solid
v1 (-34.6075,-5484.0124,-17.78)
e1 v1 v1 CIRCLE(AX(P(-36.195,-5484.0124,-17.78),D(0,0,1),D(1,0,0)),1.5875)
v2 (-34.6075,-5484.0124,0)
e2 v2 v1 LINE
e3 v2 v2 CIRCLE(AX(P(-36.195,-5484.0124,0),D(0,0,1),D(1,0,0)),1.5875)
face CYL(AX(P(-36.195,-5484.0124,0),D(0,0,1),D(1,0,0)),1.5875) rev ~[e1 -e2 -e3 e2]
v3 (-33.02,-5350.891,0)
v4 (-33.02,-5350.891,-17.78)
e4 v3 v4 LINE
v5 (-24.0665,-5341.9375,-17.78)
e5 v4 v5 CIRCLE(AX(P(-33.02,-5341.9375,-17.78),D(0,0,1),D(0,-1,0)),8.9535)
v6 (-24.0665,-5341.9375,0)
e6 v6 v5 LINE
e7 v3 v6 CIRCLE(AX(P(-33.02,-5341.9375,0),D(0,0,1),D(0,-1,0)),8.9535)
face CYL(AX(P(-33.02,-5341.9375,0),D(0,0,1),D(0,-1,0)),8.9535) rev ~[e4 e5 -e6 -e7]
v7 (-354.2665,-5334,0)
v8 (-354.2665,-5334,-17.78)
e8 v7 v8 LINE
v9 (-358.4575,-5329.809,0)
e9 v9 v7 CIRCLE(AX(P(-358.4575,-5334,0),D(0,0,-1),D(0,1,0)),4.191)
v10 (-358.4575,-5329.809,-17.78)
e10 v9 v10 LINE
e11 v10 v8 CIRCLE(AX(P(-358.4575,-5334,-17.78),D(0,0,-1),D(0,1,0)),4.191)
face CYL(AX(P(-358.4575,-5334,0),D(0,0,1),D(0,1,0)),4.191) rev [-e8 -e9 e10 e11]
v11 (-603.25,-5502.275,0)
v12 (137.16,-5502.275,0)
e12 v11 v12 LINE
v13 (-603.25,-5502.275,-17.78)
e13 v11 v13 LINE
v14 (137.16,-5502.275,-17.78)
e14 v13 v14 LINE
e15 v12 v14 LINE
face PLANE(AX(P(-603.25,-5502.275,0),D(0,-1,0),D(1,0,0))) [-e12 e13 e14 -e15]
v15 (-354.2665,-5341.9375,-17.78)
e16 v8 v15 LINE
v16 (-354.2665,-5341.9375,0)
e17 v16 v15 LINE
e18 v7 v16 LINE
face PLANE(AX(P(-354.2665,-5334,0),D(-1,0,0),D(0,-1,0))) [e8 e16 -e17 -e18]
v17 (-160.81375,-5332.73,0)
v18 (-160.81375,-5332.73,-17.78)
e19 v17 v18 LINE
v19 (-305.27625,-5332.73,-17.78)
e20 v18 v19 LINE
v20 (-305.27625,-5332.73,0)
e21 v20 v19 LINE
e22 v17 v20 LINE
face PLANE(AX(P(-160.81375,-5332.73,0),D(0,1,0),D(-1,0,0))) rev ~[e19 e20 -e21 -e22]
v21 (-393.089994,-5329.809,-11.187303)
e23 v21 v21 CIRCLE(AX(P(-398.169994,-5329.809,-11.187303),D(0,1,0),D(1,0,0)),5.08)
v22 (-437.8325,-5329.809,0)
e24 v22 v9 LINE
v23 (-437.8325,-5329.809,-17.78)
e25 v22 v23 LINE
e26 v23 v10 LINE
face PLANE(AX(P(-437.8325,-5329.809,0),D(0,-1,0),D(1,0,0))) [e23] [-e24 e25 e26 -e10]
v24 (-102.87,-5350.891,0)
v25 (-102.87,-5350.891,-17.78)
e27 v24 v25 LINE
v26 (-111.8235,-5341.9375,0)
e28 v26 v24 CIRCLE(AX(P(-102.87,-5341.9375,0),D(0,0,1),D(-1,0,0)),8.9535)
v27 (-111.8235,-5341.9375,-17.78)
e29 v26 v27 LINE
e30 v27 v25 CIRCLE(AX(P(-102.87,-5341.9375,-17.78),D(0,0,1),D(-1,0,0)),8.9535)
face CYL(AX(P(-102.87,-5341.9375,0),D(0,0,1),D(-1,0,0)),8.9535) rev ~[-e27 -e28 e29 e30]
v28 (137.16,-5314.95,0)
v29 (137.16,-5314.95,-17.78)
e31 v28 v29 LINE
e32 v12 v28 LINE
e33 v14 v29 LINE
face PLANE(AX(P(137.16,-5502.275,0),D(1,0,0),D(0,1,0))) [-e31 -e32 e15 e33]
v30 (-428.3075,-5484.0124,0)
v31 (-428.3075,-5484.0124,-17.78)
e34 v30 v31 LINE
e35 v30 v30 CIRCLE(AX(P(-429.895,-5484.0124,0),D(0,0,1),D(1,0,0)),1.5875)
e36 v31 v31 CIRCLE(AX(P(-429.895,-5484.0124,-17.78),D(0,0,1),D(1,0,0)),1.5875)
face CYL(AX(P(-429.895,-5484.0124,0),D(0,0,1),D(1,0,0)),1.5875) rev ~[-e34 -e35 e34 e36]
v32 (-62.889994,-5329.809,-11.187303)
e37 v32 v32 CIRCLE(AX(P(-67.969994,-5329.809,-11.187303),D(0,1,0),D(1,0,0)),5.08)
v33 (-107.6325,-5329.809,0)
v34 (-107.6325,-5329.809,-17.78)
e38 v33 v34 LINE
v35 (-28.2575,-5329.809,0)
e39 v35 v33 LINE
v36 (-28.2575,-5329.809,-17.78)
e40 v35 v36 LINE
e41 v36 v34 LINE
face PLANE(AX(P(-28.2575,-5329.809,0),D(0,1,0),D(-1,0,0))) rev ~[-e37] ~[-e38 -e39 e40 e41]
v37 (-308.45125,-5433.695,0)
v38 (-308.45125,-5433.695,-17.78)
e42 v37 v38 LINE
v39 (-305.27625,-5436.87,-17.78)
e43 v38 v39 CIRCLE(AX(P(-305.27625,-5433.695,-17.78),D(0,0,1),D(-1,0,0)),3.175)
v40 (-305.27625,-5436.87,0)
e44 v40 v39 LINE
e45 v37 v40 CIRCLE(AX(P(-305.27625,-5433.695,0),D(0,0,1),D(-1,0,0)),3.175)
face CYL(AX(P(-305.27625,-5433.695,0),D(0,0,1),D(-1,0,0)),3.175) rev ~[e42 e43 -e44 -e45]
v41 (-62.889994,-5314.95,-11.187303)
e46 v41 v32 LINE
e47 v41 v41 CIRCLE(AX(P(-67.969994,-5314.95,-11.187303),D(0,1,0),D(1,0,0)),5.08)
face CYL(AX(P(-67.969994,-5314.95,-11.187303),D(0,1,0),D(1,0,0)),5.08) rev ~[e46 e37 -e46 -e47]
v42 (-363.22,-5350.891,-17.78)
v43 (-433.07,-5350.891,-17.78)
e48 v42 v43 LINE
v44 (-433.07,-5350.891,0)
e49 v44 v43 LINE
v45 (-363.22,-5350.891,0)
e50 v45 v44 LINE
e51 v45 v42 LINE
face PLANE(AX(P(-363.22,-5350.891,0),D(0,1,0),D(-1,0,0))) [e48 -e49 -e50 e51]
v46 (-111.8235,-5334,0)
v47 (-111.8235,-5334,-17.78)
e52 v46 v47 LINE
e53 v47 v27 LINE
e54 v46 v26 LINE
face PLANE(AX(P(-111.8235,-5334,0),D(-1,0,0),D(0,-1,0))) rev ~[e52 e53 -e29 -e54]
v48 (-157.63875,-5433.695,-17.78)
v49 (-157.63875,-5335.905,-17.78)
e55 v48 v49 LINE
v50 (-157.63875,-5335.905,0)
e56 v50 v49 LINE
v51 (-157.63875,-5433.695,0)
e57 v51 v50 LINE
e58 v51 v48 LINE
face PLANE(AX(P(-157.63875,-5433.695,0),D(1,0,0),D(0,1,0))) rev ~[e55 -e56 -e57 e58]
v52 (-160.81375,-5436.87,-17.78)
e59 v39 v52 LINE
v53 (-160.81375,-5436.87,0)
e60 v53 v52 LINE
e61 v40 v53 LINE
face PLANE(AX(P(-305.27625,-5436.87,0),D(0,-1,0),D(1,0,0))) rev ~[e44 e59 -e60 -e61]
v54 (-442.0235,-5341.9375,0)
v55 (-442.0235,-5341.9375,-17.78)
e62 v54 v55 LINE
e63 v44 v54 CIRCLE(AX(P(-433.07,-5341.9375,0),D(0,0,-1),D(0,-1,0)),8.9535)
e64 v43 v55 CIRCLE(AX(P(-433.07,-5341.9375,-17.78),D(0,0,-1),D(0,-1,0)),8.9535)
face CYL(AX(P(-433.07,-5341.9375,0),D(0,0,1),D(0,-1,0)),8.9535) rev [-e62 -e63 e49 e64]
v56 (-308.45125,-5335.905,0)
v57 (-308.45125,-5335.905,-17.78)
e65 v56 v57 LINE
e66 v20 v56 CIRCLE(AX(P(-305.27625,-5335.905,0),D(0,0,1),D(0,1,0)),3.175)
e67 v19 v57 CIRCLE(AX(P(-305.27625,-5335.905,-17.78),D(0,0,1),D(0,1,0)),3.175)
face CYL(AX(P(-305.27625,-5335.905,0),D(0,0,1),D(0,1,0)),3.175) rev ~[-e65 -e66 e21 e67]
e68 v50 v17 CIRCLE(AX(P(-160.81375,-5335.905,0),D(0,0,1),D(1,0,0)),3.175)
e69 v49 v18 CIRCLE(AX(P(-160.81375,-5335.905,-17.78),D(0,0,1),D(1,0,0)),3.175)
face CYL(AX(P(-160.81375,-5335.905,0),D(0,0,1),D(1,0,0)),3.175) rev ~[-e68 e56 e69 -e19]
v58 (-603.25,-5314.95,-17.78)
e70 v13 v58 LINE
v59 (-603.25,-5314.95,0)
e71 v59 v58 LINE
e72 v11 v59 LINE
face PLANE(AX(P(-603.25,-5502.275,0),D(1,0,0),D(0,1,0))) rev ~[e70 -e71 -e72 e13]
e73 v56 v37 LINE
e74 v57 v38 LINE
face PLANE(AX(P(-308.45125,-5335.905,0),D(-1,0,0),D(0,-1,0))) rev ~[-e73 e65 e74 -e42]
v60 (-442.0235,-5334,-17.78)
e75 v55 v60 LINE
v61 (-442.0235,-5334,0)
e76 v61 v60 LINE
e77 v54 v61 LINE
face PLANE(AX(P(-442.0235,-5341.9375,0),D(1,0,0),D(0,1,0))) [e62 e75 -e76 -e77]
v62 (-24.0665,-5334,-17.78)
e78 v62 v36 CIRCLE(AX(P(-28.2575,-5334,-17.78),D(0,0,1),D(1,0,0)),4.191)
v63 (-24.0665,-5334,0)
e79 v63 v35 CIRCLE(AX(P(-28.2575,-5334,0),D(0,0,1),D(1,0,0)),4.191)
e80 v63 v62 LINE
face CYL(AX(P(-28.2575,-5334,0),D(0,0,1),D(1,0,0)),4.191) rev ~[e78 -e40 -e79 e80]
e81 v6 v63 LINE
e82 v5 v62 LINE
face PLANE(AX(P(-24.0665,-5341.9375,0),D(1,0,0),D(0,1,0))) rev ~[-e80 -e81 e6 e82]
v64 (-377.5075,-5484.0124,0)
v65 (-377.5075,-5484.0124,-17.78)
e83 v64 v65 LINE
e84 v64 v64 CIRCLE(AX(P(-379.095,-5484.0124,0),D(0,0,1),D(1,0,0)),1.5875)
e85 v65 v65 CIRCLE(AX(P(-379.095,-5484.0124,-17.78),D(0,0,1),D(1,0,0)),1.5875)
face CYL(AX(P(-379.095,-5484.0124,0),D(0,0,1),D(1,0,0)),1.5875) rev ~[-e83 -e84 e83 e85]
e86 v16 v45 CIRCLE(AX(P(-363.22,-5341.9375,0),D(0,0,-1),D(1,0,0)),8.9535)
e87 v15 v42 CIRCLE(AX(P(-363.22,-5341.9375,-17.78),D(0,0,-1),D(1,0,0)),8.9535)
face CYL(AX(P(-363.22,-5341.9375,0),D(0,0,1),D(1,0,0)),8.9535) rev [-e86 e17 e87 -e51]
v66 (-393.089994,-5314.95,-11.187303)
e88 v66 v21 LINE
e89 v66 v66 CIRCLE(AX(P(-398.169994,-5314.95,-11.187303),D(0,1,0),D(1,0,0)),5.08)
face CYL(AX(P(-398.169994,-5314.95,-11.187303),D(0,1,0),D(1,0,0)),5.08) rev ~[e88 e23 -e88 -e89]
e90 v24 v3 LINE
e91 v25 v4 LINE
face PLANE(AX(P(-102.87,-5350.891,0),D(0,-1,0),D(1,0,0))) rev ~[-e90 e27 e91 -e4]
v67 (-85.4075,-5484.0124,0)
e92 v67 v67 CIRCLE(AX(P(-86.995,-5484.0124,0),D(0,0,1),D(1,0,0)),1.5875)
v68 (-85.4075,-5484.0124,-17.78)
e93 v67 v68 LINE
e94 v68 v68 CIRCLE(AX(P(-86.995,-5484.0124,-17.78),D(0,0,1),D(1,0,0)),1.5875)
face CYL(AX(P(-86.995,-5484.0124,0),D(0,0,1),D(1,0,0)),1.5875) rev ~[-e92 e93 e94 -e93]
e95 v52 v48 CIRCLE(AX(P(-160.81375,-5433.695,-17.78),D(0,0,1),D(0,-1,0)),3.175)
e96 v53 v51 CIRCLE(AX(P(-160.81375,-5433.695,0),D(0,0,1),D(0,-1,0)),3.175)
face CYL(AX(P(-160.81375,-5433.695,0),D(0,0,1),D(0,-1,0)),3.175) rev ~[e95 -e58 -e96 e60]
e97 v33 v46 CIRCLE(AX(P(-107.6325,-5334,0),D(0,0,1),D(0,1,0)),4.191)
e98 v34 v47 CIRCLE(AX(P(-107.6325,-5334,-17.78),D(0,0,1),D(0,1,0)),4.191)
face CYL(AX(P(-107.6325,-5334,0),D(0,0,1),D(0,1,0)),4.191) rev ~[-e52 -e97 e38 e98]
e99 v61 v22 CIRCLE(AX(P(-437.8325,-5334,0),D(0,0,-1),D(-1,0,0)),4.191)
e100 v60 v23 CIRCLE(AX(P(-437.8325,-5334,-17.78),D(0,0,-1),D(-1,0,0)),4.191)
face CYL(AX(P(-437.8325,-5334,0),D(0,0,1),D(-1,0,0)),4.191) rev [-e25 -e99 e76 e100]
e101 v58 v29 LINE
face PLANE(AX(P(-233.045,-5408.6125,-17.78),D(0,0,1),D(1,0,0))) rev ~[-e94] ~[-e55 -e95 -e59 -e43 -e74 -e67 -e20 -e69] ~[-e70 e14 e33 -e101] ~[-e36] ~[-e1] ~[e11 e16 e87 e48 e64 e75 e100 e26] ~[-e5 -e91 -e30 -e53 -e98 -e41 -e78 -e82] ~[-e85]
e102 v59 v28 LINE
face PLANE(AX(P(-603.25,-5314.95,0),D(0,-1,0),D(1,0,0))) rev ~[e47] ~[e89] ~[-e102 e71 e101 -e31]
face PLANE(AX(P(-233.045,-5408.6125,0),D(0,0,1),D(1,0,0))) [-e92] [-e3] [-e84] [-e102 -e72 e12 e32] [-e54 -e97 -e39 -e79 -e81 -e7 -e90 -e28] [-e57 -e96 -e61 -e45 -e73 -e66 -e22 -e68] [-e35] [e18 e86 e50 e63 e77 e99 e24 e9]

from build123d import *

# Parameters (mm, degrees)
HEADBOTTOMOUTLINE_W               = 740.41
HEADBOTTOMOUTLINE_H               = 187.325
HEADBOTTOMOUTLINE_THICKNESS_DEPTH = 17.78
SKETCH3_R                         = 1.5875
CUT_EXTRUDE1_DEPTH                = 17.78
SKETCH4_R                         = 5.08
CUT_EXTRUDE2_DEPTH                = 14.859


with BuildPart() as part:
    # HeadBottomOutline → HeadBottomOutline_Thickness (new body)
    with BuildSketch(Plane.XY):
        with Locations((-233.045, -5408.6125)):
            Rectangle(HEADBOTTOMOUTLINE_W, HEADBOTTOMOUTLINE_H)
    extrude(amount=-HEADBOTTOMOUTLINE_THICKNESS_DEPTH)

    # Sketch3 → Cut-Extrude1 (cut)
    with BuildSketch(Plane.XY):
        with Locations((-429.895, -5484.0124)):
            Circle(SKETCH3_R)
        with Locations((-379.095, -5484.0124)):
            Circle(SKETCH3_R)
        with Locations((-86.995, -5484.0124)):
            Circle(SKETCH3_R)
        with Locations((-36.195, -5484.0124)):
            Circle(SKETCH3_R)
        with BuildLine():
            Line((-308.45125, -5335.905), (-308.45125, -5433.695))
            ThreePointArc((-308.45125, -5433.695), (-307.52131403, -5435.94006403), (-305.27625, -5436.87))
            Line((-305.27625, -5436.87), (-160.81375, -5436.87))
            ThreePointArc((-160.81375, -5436.87), (-158.56868597, -5435.94006403), (-157.63875, -5433.695))
            Line((-157.63875, -5433.695), (-157.63875, -5335.905))
            ThreePointArc((-157.63875, -5335.905), (-158.56868597, -5333.65993597), (-160.81375, -5332.73))
            Line((-160.81375, -5332.73), (-305.27625, -5332.73))
            ThreePointArc((-305.27625, -5332.73), (-307.52131403, -5333.65993597), (-308.45125, -5335.905))
        make_face()
        with BuildLine():
            Line((-354.2665, -5334), (-354.2665, -5341.9375))
            ThreePointArc((-354.2665, -5341.9375), (-356.888919435, -5348.268580565), (-363.22, -5350.891))
            Line((-363.22, -5350.891), (-433.07, -5350.891))
            ThreePointArc((-433.07, -5350.891), (-439.401080565, -5348.268580565), (-442.0235, -5341.9375))
            Line((-442.0235, -5341.9375), (-442.0235, -5334))
            ThreePointArc((-442.0235, -5334), (-440.79598452, -5331.03651548), (-437.8325, -5329.809))
            Line((-437.8325, -5329.809), (-358.4575, -5329.809))
            ThreePointArc((-358.4575, -5329.809), (-355.49401548, -5331.03651548), (-354.2665, -5334))
        make_face()
        with BuildLine():
            Line((-102.87, -5350.891), (-33.02, -5350.891))
            ThreePointArc((-33.02, -5350.891), (-26.688919435, -5348.268580565), (-24.0665, -5341.9375))
            Line((-24.0665, -5341.9375), (-24.0665, -5334))
            ThreePointArc((-24.0665, -5334), (-25.29401548, -5331.03651548), (-28.2575, -5329.809))
            Line((-28.2575, -5329.809), (-107.6325, -5329.809))
            ThreePointArc((-107.6325, -5329.809), (-110.59598452, -5331.03651548), (-111.8235, -5334))
            Line((-111.8235, -5334), (-111.8235, -5341.9375))
            ThreePointArc((-111.8235, -5341.9375), (-109.201080565, -5348.268580565), (-102.87, -5350.891))
        make_face()
    extrude(amount=-CUT_EXTRUDE1_DEPTH, mode=Mode.SUBTRACT)

    # Sketch4 → Cut-Extrude2 (cut)
    with BuildSketch(Plane(origin=(0, -5314.95, 0), x_dir=(1, 0, 0), z_dir=(0, 1, 0))):
        with Locations((-67.9699936, 11.187303)):
            Circle(SKETCH4_R)
        with Locations((-398.1699936, 11.187303)):
            Circle(SKETCH4_R)
    extrude(amount=-CUT_EXTRUDE2_DEPTH, mode=Mode.SUBTRACT)


solid = part.part
